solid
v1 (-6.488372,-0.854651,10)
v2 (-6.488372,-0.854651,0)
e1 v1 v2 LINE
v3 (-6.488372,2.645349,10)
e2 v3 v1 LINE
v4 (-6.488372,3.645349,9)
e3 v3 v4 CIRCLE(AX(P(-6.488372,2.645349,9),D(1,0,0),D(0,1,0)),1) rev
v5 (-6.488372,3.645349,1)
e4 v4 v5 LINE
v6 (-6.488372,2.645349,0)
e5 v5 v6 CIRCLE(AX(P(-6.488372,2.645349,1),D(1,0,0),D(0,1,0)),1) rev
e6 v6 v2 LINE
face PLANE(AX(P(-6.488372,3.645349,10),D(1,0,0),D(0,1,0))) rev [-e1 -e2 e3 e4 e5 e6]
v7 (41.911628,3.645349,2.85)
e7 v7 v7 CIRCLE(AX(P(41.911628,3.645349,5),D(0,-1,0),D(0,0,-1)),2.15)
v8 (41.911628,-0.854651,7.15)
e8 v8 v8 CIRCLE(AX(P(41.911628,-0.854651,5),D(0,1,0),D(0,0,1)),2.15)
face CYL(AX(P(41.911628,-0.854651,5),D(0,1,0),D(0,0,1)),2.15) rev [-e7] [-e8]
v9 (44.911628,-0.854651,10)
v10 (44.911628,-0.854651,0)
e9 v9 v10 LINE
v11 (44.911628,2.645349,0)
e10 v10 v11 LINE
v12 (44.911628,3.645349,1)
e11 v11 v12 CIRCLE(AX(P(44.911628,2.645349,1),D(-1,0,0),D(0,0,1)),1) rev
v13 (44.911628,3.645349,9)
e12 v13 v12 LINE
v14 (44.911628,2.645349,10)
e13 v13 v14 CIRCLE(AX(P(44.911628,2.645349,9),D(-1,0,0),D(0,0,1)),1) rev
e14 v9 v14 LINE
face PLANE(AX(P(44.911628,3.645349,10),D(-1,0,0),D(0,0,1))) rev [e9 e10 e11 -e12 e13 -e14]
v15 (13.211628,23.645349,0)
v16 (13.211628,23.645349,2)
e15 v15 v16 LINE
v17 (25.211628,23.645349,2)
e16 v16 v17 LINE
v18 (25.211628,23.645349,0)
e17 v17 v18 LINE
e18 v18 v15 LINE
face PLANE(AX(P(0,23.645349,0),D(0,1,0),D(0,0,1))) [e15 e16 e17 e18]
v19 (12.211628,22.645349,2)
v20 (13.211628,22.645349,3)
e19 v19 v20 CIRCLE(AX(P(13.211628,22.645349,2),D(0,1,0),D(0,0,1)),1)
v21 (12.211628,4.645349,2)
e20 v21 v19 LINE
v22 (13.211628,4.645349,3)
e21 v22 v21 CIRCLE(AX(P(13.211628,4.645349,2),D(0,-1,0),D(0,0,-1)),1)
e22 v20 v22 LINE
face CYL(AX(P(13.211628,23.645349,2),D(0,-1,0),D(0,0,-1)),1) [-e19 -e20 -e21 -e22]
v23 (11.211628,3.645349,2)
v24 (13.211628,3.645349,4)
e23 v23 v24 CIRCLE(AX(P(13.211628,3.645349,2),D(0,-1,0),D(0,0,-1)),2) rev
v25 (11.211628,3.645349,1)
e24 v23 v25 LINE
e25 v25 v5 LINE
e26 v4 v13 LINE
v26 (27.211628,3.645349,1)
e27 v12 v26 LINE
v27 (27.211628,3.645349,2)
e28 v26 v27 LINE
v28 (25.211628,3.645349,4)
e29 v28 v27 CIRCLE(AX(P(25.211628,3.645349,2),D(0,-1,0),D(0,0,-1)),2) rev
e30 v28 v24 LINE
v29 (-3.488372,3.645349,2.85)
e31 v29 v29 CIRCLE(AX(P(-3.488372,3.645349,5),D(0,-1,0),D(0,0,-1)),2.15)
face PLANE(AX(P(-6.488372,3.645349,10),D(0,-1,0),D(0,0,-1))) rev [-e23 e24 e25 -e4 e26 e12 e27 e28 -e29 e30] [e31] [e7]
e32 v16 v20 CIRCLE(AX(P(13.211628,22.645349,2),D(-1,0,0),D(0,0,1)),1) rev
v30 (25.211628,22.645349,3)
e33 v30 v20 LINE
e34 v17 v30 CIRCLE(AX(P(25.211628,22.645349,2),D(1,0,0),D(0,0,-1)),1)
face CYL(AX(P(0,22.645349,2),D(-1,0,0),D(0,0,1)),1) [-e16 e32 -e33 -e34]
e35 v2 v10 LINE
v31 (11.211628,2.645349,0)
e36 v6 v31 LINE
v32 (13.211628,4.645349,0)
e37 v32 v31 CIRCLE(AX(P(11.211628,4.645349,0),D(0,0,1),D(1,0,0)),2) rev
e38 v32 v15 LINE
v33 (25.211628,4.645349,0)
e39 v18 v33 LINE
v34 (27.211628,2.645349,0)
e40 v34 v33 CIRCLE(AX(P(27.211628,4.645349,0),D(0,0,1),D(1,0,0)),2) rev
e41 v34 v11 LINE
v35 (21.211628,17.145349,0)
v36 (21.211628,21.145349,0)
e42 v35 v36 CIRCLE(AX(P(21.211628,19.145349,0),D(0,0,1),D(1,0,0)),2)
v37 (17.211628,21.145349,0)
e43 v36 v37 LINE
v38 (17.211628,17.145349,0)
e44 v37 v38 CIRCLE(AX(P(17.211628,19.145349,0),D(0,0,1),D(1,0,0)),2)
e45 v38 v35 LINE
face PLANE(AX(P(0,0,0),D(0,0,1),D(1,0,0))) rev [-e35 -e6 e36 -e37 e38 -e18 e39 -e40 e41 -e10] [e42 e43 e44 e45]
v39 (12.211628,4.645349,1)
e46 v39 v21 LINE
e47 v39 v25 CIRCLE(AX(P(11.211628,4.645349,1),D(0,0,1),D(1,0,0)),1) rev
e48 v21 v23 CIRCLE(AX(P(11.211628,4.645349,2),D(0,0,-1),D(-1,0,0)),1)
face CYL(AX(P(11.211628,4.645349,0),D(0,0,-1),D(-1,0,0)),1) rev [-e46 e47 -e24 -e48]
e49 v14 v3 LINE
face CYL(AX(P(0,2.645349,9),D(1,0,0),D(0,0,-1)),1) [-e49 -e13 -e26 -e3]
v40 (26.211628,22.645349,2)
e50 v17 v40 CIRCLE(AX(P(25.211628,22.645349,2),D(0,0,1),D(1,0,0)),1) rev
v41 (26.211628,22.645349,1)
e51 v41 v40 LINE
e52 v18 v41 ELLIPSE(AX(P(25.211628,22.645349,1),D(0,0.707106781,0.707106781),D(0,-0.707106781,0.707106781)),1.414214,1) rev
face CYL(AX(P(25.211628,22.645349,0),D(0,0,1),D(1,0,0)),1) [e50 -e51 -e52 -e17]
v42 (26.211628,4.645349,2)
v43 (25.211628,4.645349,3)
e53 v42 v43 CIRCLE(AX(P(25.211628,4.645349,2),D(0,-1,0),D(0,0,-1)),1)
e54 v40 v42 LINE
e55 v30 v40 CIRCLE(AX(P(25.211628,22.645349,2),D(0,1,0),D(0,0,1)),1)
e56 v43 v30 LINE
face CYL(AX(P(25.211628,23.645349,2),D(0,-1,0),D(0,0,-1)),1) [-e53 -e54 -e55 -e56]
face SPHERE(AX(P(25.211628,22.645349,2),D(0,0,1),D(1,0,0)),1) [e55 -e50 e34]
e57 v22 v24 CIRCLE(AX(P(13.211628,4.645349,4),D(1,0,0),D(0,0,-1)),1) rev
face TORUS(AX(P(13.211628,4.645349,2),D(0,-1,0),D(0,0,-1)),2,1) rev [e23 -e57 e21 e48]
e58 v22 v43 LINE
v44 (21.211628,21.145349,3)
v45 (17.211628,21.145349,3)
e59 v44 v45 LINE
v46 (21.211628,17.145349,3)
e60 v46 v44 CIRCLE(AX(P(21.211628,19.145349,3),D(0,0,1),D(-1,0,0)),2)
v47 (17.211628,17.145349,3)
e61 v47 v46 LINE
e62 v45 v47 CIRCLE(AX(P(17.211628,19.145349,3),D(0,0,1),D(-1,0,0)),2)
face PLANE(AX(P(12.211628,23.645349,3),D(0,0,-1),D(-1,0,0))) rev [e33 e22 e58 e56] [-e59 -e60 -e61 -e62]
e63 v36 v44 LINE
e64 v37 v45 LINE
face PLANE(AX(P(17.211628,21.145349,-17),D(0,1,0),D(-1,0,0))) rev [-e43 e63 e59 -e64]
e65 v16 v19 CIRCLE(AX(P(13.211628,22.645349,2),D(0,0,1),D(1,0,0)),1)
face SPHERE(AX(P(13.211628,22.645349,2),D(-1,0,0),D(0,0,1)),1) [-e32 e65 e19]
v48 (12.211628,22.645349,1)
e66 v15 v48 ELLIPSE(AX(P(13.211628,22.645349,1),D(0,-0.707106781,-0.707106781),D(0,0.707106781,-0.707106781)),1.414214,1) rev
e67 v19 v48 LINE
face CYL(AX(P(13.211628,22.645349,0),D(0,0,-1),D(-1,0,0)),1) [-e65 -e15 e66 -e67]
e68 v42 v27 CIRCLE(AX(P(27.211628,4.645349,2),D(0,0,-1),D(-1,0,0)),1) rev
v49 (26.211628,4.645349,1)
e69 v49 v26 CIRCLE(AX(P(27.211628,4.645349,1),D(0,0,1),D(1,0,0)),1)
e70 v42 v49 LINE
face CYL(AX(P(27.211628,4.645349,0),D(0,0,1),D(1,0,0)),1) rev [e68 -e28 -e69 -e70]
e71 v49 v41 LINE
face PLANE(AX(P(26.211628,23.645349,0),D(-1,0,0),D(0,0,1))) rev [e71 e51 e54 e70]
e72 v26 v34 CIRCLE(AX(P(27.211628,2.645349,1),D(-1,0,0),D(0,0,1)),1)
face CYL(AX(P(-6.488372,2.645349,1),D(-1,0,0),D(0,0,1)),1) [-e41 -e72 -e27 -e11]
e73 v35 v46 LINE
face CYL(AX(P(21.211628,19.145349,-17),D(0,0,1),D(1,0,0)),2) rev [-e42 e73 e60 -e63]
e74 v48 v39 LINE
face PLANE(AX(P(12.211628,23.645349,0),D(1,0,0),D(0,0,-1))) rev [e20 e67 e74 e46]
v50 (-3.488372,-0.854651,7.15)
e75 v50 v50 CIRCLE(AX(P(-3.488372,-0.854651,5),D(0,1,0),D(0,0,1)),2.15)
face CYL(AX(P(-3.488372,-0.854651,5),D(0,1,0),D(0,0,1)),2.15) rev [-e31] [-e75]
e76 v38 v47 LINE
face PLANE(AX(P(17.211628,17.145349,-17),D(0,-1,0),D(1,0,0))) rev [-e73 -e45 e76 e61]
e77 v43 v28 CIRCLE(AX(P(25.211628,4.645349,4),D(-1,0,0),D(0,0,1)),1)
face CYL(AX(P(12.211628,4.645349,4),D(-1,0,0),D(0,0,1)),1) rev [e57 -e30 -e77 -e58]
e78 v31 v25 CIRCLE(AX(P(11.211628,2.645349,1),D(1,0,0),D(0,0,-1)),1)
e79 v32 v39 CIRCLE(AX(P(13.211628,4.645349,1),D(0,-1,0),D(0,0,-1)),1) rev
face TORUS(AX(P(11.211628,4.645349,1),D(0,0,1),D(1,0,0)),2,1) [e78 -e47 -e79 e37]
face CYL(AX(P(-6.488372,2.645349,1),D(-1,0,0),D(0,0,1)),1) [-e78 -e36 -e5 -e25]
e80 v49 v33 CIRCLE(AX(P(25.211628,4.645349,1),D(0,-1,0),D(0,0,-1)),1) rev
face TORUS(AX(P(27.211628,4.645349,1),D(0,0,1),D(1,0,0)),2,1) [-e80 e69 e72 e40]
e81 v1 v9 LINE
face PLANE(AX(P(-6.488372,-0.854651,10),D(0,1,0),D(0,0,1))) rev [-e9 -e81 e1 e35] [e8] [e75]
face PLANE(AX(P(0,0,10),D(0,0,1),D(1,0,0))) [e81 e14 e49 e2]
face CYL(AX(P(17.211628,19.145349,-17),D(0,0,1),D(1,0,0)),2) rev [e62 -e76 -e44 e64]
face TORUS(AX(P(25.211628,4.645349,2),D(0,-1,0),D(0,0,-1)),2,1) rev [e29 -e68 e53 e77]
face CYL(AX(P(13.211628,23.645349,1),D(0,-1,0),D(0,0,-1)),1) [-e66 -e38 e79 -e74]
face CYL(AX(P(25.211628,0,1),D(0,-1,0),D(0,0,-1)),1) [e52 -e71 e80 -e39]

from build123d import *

# Parameters (mm, degrees)
SKETCH1_W               = 51.4
SKETCH1_H               = 4.5
BOSS_EXTRUDE1_DEPTH     = 10
CUT_EXTRUDE1_DEPTH      = 47.230988755
CUT_EXTRUDE1_DEPTH_BACK = 47.230988755
SKETCH2_R               = 2.15
SKETCH3_W               = 14
SKETCH3_H               = 3
BOSS_EXTRUDE2_DEPTH     = 20
CUT_EXTRUDE2_DEPTH      = 20
FILLET1_R               = 1


with BuildPart() as part:
    # Sketch1 → Boss-Extrude1 (new body)
    with BuildSketch(Plane.XY):
        with Locations((19.211627907, 1.395348837)):
            Rectangle(SKETCH1_W, SKETCH1_H)
    extrude(amount=BOSS_EXTRUDE1_DEPTH)

    # Sketch2 → Cut-Extrude1 (cut, two sides: drawn at the far end of the back side and taken through both)
    with BuildSketch(Plane(origin=(0, 3.645348837, 0), x_dir=(1, 0, 0), z_dir=(0, 1, 0)).offset(-CUT_EXTRUDE1_DEPTH_BACK)):
        with Locations(Location((-3.488372093, -5, 0), (0, 0, 270))):
            Circle(SKETCH2_R)
        with Locations(Location((41.911627907, -5, 0), (0, 0, 270))):
            Circle(SKETCH2_R)
    extrude(amount=CUT_EXTRUDE1_DEPTH + CUT_EXTRUDE1_DEPTH_BACK, mode=Mode.SUBTRACT)

    # Sketch3 → Boss-Extrude2 (add)
    with BuildSketch(Plane(origin=(0, 3.645348837, 0), x_dir=(1, 0, 0), z_dir=(0, 1, 0))):
        with Locations((19.211627907, -1.5)):
            Rectangle(SKETCH3_W, SKETCH3_H)
    extrude(amount=BOSS_EXTRUDE2_DEPTH)

    # Sketch4 → Cut-Extrude2 (cut)
    with BuildSketch(Plane.XY.offset(3)):
        with BuildLine():
            Line((17.211627907, 21.145348837), (21.211627907, 21.145348837))
            ThreePointArc((21.211627907, 21.145348837), (23.211627907, 19.145348837), (21.211627907, 17.145348837))
            Line((21.211627907, 17.145348837), (17.211627907, 17.145348837))
            ThreePointArc((17.211627907, 17.145348837), (15.211627907, 19.145348837), (17.211627907, 21.145348837))
        make_face()
    extrude(amount=-CUT_EXTRUDE2_DEPTH, mode=Mode.SUBTRACT)

    # Fillet1
    fillet1_edges = [part.edges().sort_by_distance(p)[0] for p in [
        (19.211627907, 3.645348837, 10),
        (2.861627907, 3.645348837, 0),
        (12.211627907, 3.645348837, 1.5),
        (12.211627907, 13.645348837, 0),
        (19.211627907, 3.645348837, 3),
        (12.211627907, 13.645348837, 3),
        (26.211627907, 3.645348837, 1.5),
        (26.211627907, 13.645348837, 3),
        (26.211627907, 13.645348837, 0),
        (12.211627907, 23.645348837, 1.5),
        (19.211627907, 23.645348837, 3),
        (26.211627907, 23.645348837, 1.5),
        (35.561627907, 3.645348837, 0),
    ]]
    fillet(fillet1_edges, radius=FILLET1_R)


solid = part.part
